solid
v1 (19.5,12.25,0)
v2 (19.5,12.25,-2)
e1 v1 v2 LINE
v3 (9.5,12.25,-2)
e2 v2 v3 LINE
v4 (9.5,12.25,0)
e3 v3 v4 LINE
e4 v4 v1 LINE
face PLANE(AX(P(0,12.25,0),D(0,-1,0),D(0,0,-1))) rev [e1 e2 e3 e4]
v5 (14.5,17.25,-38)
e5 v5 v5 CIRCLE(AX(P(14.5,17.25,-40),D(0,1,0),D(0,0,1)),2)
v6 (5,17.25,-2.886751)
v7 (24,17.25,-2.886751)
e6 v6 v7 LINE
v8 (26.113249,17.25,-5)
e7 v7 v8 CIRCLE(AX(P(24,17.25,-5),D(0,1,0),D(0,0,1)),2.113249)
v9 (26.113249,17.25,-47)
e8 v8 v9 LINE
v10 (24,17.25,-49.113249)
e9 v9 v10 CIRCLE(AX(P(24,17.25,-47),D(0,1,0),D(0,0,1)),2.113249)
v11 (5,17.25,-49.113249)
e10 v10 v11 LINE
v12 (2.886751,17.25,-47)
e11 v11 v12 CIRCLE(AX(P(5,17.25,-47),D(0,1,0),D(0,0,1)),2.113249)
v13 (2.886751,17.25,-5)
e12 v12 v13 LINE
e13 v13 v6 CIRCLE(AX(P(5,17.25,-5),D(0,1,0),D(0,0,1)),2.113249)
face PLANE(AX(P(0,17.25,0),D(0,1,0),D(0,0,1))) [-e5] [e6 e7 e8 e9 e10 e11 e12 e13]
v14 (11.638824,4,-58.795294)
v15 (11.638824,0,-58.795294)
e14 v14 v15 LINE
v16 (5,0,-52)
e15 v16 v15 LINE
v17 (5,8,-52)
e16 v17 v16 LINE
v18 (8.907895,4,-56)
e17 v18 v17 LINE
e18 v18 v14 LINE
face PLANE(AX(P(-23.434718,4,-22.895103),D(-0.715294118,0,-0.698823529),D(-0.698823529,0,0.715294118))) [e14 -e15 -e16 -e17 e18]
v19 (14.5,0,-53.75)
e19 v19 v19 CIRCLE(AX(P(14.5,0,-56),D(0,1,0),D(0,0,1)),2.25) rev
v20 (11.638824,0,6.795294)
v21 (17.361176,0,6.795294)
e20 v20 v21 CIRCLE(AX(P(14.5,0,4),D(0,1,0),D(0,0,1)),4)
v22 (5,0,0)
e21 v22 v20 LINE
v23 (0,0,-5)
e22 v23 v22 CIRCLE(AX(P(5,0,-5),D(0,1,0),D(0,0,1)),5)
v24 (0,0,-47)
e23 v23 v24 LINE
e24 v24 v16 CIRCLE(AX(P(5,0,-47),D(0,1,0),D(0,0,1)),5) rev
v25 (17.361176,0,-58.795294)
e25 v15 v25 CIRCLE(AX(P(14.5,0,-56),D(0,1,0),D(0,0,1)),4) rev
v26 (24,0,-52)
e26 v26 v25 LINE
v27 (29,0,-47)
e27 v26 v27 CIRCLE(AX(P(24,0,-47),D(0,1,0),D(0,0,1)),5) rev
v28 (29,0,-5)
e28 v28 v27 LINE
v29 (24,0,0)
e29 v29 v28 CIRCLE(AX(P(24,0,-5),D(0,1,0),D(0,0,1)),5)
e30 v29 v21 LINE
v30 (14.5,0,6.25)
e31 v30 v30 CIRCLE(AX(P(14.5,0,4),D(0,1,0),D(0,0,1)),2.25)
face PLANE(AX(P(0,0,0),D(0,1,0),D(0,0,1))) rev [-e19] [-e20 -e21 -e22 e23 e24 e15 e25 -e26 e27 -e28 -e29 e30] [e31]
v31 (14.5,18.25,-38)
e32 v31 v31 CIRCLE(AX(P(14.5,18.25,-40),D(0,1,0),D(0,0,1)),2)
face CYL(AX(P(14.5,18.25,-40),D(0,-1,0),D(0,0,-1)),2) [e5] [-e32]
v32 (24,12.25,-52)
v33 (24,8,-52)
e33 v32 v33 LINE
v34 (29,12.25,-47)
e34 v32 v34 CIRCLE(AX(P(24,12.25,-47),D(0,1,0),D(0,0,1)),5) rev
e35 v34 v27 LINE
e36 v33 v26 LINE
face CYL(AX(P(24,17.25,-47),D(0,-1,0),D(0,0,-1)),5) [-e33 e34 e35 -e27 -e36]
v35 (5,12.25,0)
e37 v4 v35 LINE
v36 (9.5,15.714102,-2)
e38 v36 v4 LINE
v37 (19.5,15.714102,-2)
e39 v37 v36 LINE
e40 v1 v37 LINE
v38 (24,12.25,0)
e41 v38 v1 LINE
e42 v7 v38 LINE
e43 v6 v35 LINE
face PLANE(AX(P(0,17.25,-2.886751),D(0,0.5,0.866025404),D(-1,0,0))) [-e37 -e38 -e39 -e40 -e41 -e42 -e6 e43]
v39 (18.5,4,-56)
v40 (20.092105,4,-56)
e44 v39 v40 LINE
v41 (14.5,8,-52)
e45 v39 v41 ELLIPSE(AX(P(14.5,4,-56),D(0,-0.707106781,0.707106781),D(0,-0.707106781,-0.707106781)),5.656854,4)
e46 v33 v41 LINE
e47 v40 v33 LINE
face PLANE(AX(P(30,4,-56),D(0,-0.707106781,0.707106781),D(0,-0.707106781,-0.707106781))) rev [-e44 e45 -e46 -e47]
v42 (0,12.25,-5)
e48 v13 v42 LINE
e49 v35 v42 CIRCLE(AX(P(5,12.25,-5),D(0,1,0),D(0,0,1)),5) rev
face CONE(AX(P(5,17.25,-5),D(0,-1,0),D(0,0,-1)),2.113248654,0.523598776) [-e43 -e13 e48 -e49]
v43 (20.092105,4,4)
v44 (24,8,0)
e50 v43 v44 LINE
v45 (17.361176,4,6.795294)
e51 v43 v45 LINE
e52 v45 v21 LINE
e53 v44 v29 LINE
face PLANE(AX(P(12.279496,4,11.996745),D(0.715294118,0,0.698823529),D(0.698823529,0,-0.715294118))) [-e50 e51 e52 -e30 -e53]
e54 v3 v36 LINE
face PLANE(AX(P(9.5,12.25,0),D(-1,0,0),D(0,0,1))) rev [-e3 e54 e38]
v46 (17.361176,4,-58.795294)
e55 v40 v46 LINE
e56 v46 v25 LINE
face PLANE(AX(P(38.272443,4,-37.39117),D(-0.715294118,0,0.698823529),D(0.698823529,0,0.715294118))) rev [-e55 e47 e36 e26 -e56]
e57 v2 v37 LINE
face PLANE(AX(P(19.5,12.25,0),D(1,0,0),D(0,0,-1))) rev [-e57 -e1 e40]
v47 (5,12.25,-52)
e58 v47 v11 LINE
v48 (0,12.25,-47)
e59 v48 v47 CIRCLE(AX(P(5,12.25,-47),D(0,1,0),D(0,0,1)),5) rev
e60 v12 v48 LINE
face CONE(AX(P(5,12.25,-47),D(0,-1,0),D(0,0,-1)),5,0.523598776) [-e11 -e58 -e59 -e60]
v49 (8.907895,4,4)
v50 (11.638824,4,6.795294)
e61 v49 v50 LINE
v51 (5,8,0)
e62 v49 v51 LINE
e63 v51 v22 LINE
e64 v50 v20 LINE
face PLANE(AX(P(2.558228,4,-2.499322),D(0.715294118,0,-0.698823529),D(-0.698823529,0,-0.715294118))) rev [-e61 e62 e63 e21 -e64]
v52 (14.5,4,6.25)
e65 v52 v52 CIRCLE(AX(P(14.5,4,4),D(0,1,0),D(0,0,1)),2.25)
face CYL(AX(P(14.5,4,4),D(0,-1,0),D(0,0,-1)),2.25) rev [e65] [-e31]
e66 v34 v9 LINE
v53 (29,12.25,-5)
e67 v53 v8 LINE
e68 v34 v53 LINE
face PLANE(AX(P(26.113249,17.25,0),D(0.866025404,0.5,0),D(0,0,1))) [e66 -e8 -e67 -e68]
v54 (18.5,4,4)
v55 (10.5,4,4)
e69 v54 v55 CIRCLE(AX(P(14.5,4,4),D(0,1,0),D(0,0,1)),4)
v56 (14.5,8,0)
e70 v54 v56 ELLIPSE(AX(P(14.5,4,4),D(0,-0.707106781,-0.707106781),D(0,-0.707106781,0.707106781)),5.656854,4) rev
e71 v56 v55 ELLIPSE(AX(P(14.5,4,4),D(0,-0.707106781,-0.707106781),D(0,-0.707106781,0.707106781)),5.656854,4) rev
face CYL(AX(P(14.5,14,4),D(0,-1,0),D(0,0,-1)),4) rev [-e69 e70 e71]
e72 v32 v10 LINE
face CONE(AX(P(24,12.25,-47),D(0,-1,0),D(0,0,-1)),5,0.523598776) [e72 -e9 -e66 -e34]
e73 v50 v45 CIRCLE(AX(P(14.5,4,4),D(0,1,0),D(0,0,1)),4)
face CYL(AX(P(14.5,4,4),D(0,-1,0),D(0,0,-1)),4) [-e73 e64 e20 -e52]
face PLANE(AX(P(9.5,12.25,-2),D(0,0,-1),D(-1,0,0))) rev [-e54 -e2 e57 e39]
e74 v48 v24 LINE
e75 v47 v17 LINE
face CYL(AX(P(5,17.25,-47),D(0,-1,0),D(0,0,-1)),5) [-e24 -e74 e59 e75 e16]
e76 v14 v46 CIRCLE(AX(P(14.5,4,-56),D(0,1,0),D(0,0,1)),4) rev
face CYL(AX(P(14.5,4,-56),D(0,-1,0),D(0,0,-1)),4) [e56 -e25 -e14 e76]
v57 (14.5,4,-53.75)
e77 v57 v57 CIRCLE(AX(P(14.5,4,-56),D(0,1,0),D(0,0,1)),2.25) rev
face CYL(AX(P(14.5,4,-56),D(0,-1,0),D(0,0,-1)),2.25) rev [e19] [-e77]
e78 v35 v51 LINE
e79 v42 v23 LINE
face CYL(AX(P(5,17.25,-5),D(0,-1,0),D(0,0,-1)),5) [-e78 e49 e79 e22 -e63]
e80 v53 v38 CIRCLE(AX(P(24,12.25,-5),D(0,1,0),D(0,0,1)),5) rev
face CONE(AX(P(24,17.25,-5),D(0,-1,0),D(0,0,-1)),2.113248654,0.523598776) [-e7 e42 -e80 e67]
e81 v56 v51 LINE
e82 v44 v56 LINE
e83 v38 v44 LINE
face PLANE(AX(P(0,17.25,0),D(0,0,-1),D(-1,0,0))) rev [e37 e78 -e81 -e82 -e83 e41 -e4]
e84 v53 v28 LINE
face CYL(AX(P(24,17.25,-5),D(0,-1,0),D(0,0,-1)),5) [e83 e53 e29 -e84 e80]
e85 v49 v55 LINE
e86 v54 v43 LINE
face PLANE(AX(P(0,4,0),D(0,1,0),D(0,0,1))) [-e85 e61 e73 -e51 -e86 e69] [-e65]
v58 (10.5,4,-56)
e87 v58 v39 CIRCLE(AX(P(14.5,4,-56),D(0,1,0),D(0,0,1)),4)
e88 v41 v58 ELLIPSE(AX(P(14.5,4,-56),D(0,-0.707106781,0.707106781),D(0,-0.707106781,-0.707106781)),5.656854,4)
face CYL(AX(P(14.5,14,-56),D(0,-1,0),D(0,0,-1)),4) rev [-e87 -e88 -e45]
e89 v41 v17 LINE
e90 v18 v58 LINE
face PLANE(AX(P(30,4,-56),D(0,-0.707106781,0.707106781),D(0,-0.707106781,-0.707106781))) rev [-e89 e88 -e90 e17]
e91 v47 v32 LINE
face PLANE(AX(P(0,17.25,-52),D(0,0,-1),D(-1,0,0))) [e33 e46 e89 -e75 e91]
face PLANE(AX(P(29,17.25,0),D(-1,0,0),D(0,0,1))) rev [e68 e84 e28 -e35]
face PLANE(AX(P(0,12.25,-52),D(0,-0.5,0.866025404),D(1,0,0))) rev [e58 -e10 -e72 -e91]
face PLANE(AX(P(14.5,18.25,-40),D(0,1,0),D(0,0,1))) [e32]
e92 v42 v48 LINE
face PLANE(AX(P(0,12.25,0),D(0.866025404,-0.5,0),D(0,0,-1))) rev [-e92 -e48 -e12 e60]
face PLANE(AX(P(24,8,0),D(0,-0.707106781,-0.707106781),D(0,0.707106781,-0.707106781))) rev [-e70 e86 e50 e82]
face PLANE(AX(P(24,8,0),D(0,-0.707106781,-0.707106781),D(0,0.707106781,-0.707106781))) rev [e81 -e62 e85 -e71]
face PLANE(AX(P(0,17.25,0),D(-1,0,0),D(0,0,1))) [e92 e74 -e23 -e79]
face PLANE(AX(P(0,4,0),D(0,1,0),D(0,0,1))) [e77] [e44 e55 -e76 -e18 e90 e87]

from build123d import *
from OCP.BRepFilletAPI import BRepFilletAPI_MakeChamfer
from build123d.topology import SkipClean

# Parameters (mm, degrees)
Y_KSEKLIK_EKSTR_ZYON2_DEPTH = 17.25
IZIM1_3_R                   = 2.25
Y_KSEKLIK_EKSTR_ZYON3_DEPTH = 4
PAH2_SIZE                   = 5
PAH2_SIZE2                  = 2.886751346
Y_KSEKLIK_EKSTR_ZYON4_DEPTH = 4
KES_EKSTR_ZYON2_DEPTH       = 24
IZIM7_W                     = 10
IZIM7_H                     = 2
KES_EKSTR_ZYON3_DEPTH       = 5
IZIM8_R                     = 2
Y_KSEKLIK_EKSTR_ZYON6_DEPTH = 1
IZIM10_R                    = 4
KES_EKSTR_ZYON4_DEPTH       = 10
IZIM11_R                    = 4
KES_EKSTR_ZYON5_DEPTH       = 10
KES_EKSTR_ZYON6_DEPTH       = 30


with BuildPart() as part:
    # Çizim1 → Yükseklik-Ekstrüzyon2 (new body)
    with BuildSketch(Plane(origin=(0, 0, 0), x_dir=(1, 0, 0), z_dir=(0, 1, 0))):
        with BuildLine():
            ThreePointArc((0, 5), (1.464466094, 1.464466094), (5, 0))
            Line((5, 0), (24, 0))
            ThreePointArc((24, 0), (27.535533906, 1.464466094), (29, 5))
            Line((29, 5), (29, 47))
            ThreePointArc((29, 47), (27.535533906, 50.535533906), (24, 52))
            Line((24, 52), (5, 52))
            ThreePointArc((5, 52), (1.464466094, 50.535533906), (0, 47))
            Line((0, 47), (0, 5))
        make_face()
    extrude(amount=Y_KSEKLIK_EKSTR_ZYON2_DEPTH)

    # Çizim1<3> → Yükseklik-Ekstrüzyon3 (add)
    # profile 1 of 2: a face of its own
    with BuildSketch(Plane(origin=(0, 0, 0), x_dir=(1, 0, 0), z_dir=(0, 1, 0))):
        with BuildLine():
            Line((24, 0), (5, 0))
            Line((5, 0), (11.638823529, -6.795294118))
            ThreePointArc((11.638823529, -6.795294118), (14.5, -8), (17.361176471, -6.795294118))
            Line((17.361176471, -6.795294118), (24, 0))
        make_face()
        with Locations((14.5, -4)):
            Circle(IZIM1_3_R, mode=Mode.SUBTRACT)
    # profile 2 of 2: a face of its own
    with BuildSketch(Plane(origin=(0, 0, 0), x_dir=(1, 0, 0), z_dir=(0, 1, 0))):
        with BuildLine():
            Line((11.638823529, 58.795294118), (5, 52))
            Line((5, 52), (24, 52))
            Line((24, 52), (17.361176471, 58.795294118))
            ThreePointArc((17.361176471, 58.795294118), (14.5, 60), (11.638823529, 58.795294118))
        make_face()
        with Locations((14.5, 56)):
            Circle(IZIM1_3_R, mode=Mode.SUBTRACT)
    extrude(amount=Y_KSEKLIK_EKSTR_ZYON3_DEPTH)

    # Pah2: one chamfer whose edges measure the first distance from different faces: ONE call of the kernel's chamfer builder (chamfer() names one face for all edges)
    pah2_edges_1 = [part.edges().sort_by_distance(p)[0] for p in [
        (27.535533906, 17.25, -1.464466094),
    ]]
    pah2_side_1 = [part.faces().sort_by_distance(p)[0] for p in [
        (27.535533906, 8.625, -1.464466094),
    ]]
    pah2_edges_2 = [part.edges().sort_by_distance(p)[0] for p in [
        (14.5, 17.25, 0),
    ]]
    pah2_side_2 = [part.faces().sort_by_distance(p)[0] for p in [
        (14.5, 10.625, 0),
    ]]
    pah2_edges_3 = [part.edges().sort_by_distance(p)[0] for p in [
        (1.464466094, 17.25, -1.464466094),
    ]]
    pah2_side_3 = [part.faces().sort_by_distance(p)[0] for p in [
        (1.464466094, 8.625, -1.464466094),
    ]]
    pah2_edges_4 = [part.edges().sort_by_distance(p)[0] for p in [
        (0, 17.25, -26),
    ]]
    pah2_side_4 = [part.faces().sort_by_distance(p)[0] for p in [
        (0, 8.625, -26),
    ]]
    pah2_edges_5 = [part.edges().sort_by_distance(p)[0] for p in [
        (1.464466094, 17.25, -50.535533906),
    ]]
    pah2_side_5 = [part.faces().sort_by_distance(p)[0] for p in [
        (1.464466094, 8.625, -50.535533906),
    ]]
    pah2_edges_6 = [part.edges().sort_by_distance(p)[0] for p in [
        (14.5, 17.25, -52),
    ]]
    pah2_side_6 = [part.faces().sort_by_distance(p)[0] for p in [
        (14.5, 10.625, -52),
    ]]
    pah2_edges_7 = [part.edges().sort_by_distance(p)[0] for p in [
        (27.535533906, 17.25, -50.535533906),
    ]]
    pah2_side_7 = [part.faces().sort_by_distance(p)[0] for p in [
        (27.535533906, 8.625, -50.535533906),
    ]]
    pah2_edges_8 = [part.edges().sort_by_distance(p)[0] for p in [
        (29, 17.25, -26),
    ]]
    pah2_side_8 = [part.faces().sort_by_distance(p)[0] for p in [
        (29, 8.625, -26),
    ]]
    pah2 = BRepFilletAPI_MakeChamfer(part.part.solid().wrapped)
    for e in pah2_edges_1:
        pah2.Add(PAH2_SIZE, PAH2_SIZE2, e.wrapped, pah2_side_1[0].wrapped)  # the first distance lies on this face
    for e in pah2_edges_2:
        pah2.Add(PAH2_SIZE, PAH2_SIZE2, e.wrapped, pah2_side_2[0].wrapped)  # the first distance lies on this face
    for e in pah2_edges_3:
        pah2.Add(PAH2_SIZE, PAH2_SIZE2, e.wrapped, pah2_side_3[0].wrapped)  # the first distance lies on this face
    for e in pah2_edges_4:
        pah2.Add(PAH2_SIZE, PAH2_SIZE2, e.wrapped, pah2_side_4[0].wrapped)  # the first distance lies on this face
    for e in pah2_edges_5:
        pah2.Add(PAH2_SIZE, PAH2_SIZE2, e.wrapped, pah2_side_5[0].wrapped)  # the first distance lies on this face
    for e in pah2_edges_6:
        pah2.Add(PAH2_SIZE, PAH2_SIZE2, e.wrapped, pah2_side_6[0].wrapped)  # the first distance lies on this face
    for e in pah2_edges_7:
        pah2.Add(PAH2_SIZE, PAH2_SIZE2, e.wrapped, pah2_side_7[0].wrapped)  # the first distance lies on this face
    for e in pah2_edges_8:
        pah2.Add(PAH2_SIZE, PAH2_SIZE2, e.wrapped, pah2_side_8[0].wrapped)  # the first distance lies on this face
    add(Compound.cast(pah2.Shape()), mode=Mode.REPLACE)

    # Çizim4 → Yükseklik-Ekstrüzyon4 (add)
    with SkipClean():  # the faces are left unmerged after this step: merging them gives an invalid solid
        with BuildSketch(Plane(origin=(0, 4, 0), x_dir=(1, 0, 0), z_dir=(0, 1, 0))):
            with BuildLine():
                Line((8.907894737, 56), (12.25, 56))
                ThreePointArc((12.25, 56), (14.5, 53.75), (16.75, 56))
                Line((16.75, 56), (20.092105263, 56))
                Line((20.092105263, 56), (24, 52))
                Line((24, 52), (5, 52))
                Line((5, 52), (8.907894737, 56))
            make_face()
            with BuildLine():
                Line((5, 0), (8.907894737, -4))
                Line((8.907894737, -4), (12.25, -4))
                ThreePointArc((12.25, -4), (14.5, -1.75), (16.75, -4))
                Line((16.75, -4), (20.092105263, -4))
                Line((20.092105263, -4), (24, 0))
                Line((24, 0), (5, 0))
            make_face()
        extrude(amount=Y_KSEKLIK_EKSTR_ZYON4_DEPTH)

    # Çizim5 → Kes-Ekstrüzyon2 (cut)
    with SkipClean():  # the faces are left unmerged after this step: merging them gives an invalid solid
        with BuildSketch(Plane.ZY):
            Polygon((0, 8), (4, 4), (4, 8), align=None)
        extrude(amount=-KES_EKSTR_ZYON2_DEPTH, mode=Mode.SUBTRACT)

    # Çizim7 → Kes-Ekstrüzyon3 (cut)
    with SkipClean():  # the faces are left unmerged after this step: merging them gives an invalid solid
        with BuildSketch(Plane(origin=(0, 17.25, 0), x_dir=(1, 0, 0), z_dir=(0, 1, 0))):
            with Locations((14.5, 1)):
                Rectangle(IZIM7_W, IZIM7_H)
        extrude(amount=-KES_EKSTR_ZYON3_DEPTH, mode=Mode.SUBTRACT)

    # Çizim8 → Yükseklik-Ekstrüzyon6 (add)
    with SkipClean():  # the faces are left unmerged after this step: merging them gives an invalid solid
        with BuildSketch(Plane(origin=(0, 17.25, 0), x_dir=(1, 0, 0), z_dir=(0, 1, 0))):
            with Locations((14.5, 40)):
                Circle(IZIM8_R)
        extrude(amount=Y_KSEKLIK_EKSTR_ZYON6_DEPTH)

    # Çizim10 → Kes-Ekstrüzyon4 (cut)
    with SkipClean():  # the faces are left unmerged after this step: merging them gives an invalid solid
        with BuildSketch(Plane(origin=(0, 4, 0), x_dir=(1, 0, 0), z_dir=(0, 1, 0))):
            with Locations((14.5, 56)):
                Circle(IZIM10_R)
        extrude(amount=KES_EKSTR_ZYON4_DEPTH, mode=Mode.SUBTRACT)

    # Çizim11 → Kes-Ekstrüzyon5 (cut)
    with BuildSketch(Plane(origin=(0, 4, 0), x_dir=(1, 0, 0), z_dir=(0, 1, 0))):
        with Locations((14.5, -4)):
            Circle(IZIM11_R)
    extrude(amount=KES_EKSTR_ZYON5_DEPTH, mode=Mode.SUBTRACT)

    # Çizim12 → Kes-Ekstrüzyon6 (cut)
    with BuildSketch(Plane.ZY):
        Polygon((-52, 8), (-56, 8), (-56, 4), align=None)
    extrude(amount=-KES_EKSTR_ZYON6_DEPTH, mode=Mode.SUBTRACT)


solid = part.part
